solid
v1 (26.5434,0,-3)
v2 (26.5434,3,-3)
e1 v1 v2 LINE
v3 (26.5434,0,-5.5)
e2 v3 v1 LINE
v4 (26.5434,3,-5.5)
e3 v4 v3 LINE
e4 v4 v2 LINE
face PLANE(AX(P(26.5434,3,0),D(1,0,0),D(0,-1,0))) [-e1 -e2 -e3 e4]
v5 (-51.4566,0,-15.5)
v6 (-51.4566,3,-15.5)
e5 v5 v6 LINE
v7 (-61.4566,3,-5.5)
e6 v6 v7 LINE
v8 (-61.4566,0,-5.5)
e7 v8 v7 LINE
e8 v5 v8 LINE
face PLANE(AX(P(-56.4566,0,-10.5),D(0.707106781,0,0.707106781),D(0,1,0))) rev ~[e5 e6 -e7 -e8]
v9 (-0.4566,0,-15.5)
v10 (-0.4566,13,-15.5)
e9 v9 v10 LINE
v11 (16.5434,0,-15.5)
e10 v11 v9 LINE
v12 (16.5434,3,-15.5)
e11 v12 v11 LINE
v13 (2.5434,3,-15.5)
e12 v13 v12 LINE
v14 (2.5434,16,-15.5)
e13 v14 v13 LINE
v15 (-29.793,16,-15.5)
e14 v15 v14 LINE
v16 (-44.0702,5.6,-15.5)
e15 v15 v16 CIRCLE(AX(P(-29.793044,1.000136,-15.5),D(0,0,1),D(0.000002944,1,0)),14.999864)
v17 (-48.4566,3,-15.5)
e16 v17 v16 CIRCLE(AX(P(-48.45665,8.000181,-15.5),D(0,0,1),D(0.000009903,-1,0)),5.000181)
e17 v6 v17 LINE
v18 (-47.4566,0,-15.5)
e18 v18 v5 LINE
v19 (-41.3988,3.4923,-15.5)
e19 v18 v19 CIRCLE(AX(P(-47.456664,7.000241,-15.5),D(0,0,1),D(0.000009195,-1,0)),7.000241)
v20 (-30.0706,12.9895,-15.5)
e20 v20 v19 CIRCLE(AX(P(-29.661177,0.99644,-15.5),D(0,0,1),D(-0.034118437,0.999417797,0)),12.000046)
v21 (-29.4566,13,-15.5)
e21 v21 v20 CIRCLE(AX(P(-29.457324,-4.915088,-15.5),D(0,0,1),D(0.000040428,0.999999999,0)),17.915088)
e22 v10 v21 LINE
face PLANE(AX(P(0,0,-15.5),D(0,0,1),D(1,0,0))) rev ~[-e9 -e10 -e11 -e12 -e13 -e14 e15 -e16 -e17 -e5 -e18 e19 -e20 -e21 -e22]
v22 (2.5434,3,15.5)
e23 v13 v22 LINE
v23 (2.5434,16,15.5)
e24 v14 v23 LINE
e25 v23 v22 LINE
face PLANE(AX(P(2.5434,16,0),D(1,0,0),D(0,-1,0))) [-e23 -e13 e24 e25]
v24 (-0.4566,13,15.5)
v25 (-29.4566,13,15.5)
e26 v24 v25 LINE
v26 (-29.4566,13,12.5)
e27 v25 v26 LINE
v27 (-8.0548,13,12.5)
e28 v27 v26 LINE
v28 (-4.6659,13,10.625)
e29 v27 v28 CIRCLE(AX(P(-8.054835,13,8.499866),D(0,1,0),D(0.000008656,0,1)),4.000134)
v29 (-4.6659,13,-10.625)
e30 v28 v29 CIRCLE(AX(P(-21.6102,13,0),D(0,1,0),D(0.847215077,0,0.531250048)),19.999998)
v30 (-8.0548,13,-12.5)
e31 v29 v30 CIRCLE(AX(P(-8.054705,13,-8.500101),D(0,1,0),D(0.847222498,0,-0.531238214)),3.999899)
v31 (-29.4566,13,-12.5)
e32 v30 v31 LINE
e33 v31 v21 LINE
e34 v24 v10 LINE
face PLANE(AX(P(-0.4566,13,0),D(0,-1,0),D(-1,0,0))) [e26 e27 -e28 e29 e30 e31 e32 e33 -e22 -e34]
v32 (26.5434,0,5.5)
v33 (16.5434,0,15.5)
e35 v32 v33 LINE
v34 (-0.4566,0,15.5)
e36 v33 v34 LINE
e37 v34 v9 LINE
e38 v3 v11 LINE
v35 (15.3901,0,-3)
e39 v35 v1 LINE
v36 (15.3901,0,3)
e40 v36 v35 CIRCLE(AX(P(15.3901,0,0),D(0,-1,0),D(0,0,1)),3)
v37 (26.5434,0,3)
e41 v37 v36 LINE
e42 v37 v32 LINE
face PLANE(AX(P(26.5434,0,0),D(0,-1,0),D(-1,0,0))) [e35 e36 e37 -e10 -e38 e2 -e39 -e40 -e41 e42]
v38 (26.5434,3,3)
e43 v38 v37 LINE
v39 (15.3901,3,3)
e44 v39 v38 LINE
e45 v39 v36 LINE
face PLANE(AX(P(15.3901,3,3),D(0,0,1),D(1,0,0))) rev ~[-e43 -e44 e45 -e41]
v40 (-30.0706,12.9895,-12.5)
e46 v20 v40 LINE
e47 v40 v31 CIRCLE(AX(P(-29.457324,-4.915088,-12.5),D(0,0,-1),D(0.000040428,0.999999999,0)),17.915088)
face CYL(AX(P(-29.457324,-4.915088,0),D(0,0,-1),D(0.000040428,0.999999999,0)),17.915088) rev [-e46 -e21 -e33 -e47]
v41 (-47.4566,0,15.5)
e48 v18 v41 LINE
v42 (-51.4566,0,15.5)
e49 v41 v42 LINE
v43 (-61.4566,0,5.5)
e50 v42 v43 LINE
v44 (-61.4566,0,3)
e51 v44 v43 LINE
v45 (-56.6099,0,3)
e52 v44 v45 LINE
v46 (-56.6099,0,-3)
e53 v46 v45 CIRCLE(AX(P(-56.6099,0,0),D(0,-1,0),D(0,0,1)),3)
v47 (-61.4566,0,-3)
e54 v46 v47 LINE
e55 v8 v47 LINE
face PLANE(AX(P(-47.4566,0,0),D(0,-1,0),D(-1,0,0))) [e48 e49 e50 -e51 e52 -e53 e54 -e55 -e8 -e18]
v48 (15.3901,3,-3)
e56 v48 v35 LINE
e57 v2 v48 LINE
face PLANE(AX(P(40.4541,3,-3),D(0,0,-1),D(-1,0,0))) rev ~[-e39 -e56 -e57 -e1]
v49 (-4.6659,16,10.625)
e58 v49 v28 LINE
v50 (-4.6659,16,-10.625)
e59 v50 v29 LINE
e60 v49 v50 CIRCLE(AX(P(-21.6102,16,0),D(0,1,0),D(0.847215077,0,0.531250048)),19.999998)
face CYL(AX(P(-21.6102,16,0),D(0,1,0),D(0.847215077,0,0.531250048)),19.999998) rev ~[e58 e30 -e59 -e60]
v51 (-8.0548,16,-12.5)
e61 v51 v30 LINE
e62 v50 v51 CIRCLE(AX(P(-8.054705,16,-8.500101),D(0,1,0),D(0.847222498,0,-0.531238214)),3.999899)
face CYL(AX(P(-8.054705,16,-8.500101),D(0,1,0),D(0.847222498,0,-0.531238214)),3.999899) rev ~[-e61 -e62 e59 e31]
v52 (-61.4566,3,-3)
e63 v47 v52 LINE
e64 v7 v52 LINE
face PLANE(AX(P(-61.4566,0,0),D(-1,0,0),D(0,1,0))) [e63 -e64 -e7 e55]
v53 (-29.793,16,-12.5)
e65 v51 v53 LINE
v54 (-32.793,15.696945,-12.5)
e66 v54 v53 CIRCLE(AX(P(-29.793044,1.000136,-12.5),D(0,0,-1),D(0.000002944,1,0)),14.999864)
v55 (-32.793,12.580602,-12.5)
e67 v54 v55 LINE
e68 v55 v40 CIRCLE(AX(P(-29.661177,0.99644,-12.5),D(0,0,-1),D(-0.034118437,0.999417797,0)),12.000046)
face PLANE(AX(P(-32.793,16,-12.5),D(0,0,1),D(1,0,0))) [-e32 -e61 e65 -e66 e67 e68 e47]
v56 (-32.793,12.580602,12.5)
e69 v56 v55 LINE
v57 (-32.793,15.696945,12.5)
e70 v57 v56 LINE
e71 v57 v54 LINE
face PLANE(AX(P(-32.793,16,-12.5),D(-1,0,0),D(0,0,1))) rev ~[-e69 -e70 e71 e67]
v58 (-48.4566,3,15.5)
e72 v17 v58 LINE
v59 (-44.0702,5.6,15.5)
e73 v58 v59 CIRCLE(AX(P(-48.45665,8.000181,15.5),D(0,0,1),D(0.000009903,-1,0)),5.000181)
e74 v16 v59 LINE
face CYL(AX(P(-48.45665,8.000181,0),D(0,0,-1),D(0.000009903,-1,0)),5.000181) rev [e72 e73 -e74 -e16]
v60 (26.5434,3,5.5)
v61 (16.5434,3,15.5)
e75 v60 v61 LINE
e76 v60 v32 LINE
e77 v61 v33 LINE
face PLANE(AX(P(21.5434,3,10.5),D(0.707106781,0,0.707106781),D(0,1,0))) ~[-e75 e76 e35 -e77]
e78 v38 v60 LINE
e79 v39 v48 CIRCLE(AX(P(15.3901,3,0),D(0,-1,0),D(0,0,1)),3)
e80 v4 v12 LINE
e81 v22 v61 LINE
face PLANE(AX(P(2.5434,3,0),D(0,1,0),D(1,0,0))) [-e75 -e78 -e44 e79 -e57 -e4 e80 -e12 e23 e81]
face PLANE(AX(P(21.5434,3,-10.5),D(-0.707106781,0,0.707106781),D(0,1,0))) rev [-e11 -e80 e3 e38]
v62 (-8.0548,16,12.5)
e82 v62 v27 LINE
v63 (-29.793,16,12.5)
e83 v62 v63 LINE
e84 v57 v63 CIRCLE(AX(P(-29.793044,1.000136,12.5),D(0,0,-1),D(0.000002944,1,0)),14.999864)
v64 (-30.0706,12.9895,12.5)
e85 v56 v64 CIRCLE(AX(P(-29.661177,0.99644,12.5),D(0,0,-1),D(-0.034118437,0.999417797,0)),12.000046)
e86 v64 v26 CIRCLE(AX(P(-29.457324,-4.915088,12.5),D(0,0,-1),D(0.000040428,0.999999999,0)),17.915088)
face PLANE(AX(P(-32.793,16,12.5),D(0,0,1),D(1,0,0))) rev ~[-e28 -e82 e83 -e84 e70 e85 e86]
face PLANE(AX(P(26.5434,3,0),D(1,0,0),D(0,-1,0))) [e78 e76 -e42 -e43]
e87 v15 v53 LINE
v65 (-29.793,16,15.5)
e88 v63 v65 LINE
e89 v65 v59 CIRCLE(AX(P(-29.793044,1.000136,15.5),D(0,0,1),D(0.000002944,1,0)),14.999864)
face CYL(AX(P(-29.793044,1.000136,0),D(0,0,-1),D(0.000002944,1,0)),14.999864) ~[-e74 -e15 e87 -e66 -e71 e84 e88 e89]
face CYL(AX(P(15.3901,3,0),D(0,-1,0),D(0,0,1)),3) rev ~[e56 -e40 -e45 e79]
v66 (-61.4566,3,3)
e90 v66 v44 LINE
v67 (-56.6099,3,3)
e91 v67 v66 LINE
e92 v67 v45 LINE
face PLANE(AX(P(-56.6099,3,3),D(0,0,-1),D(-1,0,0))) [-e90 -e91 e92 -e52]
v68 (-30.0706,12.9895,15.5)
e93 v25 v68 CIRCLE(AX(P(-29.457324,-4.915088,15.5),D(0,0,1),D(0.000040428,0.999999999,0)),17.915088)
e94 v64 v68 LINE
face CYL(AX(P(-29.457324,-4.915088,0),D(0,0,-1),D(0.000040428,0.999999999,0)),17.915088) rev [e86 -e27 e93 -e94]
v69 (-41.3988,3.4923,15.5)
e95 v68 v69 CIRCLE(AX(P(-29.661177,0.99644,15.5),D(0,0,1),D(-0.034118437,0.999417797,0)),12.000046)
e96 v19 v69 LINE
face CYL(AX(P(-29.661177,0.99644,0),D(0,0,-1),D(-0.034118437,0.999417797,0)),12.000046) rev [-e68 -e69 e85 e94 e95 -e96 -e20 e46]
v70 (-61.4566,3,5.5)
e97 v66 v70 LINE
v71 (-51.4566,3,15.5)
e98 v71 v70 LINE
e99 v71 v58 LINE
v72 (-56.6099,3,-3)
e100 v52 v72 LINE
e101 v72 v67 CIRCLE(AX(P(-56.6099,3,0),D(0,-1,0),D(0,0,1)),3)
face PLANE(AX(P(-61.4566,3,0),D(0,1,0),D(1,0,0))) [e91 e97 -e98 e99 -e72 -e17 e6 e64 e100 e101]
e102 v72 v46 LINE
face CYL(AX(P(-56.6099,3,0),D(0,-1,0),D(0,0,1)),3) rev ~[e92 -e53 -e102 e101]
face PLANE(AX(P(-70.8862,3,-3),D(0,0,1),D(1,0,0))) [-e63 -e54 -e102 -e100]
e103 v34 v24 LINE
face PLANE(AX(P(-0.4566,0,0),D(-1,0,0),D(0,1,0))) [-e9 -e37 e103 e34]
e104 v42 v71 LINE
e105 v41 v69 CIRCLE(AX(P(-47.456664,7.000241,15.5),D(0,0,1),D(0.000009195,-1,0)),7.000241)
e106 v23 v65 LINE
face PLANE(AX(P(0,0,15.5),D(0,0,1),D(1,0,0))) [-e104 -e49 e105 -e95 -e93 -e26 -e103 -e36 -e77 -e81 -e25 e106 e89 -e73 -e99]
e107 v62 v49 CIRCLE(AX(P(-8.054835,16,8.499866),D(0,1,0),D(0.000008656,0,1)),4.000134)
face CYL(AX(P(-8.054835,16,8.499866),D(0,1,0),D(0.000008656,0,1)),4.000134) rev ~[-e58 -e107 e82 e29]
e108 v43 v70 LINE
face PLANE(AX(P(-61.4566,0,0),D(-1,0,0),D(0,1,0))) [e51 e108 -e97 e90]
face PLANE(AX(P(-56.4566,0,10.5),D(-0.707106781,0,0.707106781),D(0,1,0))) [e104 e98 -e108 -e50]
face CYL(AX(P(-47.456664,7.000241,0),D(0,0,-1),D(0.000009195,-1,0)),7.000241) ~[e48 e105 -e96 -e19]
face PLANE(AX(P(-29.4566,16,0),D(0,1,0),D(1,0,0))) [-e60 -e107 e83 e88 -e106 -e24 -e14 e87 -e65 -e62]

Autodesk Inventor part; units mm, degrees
ref_plane "YZ Plane" through (0, 0, 0) normal (1, 0, 0) x (0, 1, 0)
ref_plane "XZ Plane" through (0, 0, 0) normal (0, 1, 0) x (-1, 0, 0)
ref_plane "XY Plane" through (0, 0, 0) normal (0, 0, 1) x (1, 0, 0)
sketch "Sketch8" plane through (0, 0, 0) normal (0, 0, 1) x (1, 0, 0)
  line L0 (26.5434, 0) -> (-0.4566, 0)
  line L1 (-0.4566, 0) -> (-0.4566, 13)
  line L2 (-47.4566, 0) -> (-61.4566, 0)
  line L3 (-61.4566, 3) -> (-48.4566, 3)
  line L4 (-29.793, 16) -> (2.5434, 16)
  line L5 (2.5434, 16) -> (2.5434, 3)
  line L6 (2.5434, 3) -> (26.5434, 3)
  line L7 (-61.4566, 0) -> (-61.4566, 3)
  line L8 (26.5434, 3) -> (26.5434, 0)
  line L9 (-29.4566, 30.4084) -> (-29.4566, -16.4271)
  arc A0 (-29.4566, 13) -> (-30.0706, 12.9895) centre (-29.4566, -5) ccw
  arc A1 (-30.0706, 12.9895) -> (-41.3988, 3.4923) centre (-29.6612, 0.9965) ccw
  arc A2 (-48.4566, 3) -> (-44.0702, 5.6) centre (-48.4566, 8) ccw
  line L10 (-0.4566, 13) -> (-29.4566, 13)
  arc A3 (-47.4566, 0) -> (-41.3988, 3.4923) centre (-47.4566, 7) ccw
  arc A4 (-29.793, 16) -> (-44.0702, 5.6) centre (-29.793, 1) ccw
  point P0 (0, 0)
  point P1 (-36.7292, 11.4654)
  point P2 (-29.4566, -11.7979)
  dimension "d92" = 88
  dimension "d93" = 27
  dimension "d95" = 16
  dimension "d100" = 3
  dimension "d101" = 3
  dimension "d104" = 14
  dimension "d105" = 13
  dimension "d106" = 32
  dimension "d109" = 5
  dimension "d111" = 12
  dimension "d112" = 7
  dimension "d113" = 3
  dimension "d114" = 15
extrude "Extrusion8" add sketch "Sketch8" along normal mid plane 31
sketch "Sketch9" plane through (-29.793, 16, 15.5) normal (0, 1, 0) x (1, 0, 0)
  line L0 (0, 0) -> (0, 31) projected
  line L1 (32.3364, 0) -> (0, 0) projected
  line L2 (0, 31) -> (32.3364, 31) projected
  arc A0 (8.6831, 6.377) -> (8.6831, 24.0275) centre (7.7775, 15.2022) ccw construction
  line L3 (-3, 28) -> (-3, 3)
  line L4 (-3, 28) -> (21.7382, 28)
  line L5 (-3, 3) -> (21.7382, 3)
  arc A1 (25.1271, 4.875) -> (25.1271, 26.125) centre (8.1828, 15.5) ccw
  arc A2 (25.1271, 26.125) -> (21.7382, 28) centre (21.7382, 24) ccw
  arc A3 (21.7382, 3) -> (25.1271, 4.875) centre (21.7382, 7) ccw
  point P0 (29.793, 15.5)
  point P1 (23.7953, 28)
  point P2 (23.7953, 3)
  dimension "d115" = 3
  dimension "d116" = 3
  dimension "d117" = 3
  dimension "d118" = 20
  dimension "d119" = 4
extrude "Extrusion9" cut sketch "Sketch9" against normal blind 4
sketch "Sketch10" plane through (2.5434, 3, 15.5) normal (0, 1, 0) x (1, 0, 0)
  line L0 (24, 0) -> (24, 31) projected
  line L1 (0, 31) -> (24, 31) projected
  circle A0 centre (12.8467, 12.1299) radius 2.4585 projected
  circle A1 centre (-59.1533, 12.1299) radius 2.4585 projected
  line L2 (24, 15.5) -> (-63.997, 15.5) construction
  line L3 (12.8467, 12.1299) -> (12.8467, 22.8922)
  line L4 (-59.1533, 12.1299) -> (-59.1533, 22.8922)
  point P0 (-2.5434, 15.5)
  point P1 (-59.1533, 15.5)
  point P2 (12.8467, 15.5)
hole "Hole1" at (-56.6099, 3, 0) at (15.3901, 3, 0) direction (0, -1, 0) diameter 6 depth 5 tip angle 118
sketch "Sketch11" plane through (2.5434, 3, 15.5) normal (0, 1, 0) x (1, 0, 0)
  circle A0 centre (12.8467, 15.5) radius 3 projected
  line L0 (24, 0) -> (0, 0) projected
  line L1 (12.8467, 15.5) -> (37.9107, 15.5) construction
  line L2 (12.8467, 12.5) -> (37.9107, 12.5)
  line L3 (37.9107, 18.5) -> (12.8467, 18.5)
  arc A1 (12.8467, 18.5) -> (12.8467, 12.5) centre (12.8467, 15.5) ccw
  arc A2 (37.9107, 12.5) -> (37.9107, 18.5) centre (37.9107, 15.5) ccw
  circle A3 centre (-59.1533, 15.5) radius 3 projected
  line L4 (-59.1533, 15.5) -> (-73.4296, 15.5) construction
  line L5 (-59.1533, 12.5) -> (-73.4296, 12.5)
  line L6 (-73.4296, 18.5) -> (-59.1533, 18.5)
  arc A4 (-59.1533, 12.5) -> (-59.1533, 18.5) centre (-59.1533, 15.5) ccw
  arc A5 (-73.4296, 18.5) -> (-73.4296, 12.5) centre (-73.4296, 15.5) ccw
  point P0 (-2.5434, 15.5)
  point P1 (25.3787, 15.5)
  point P2 (-66.2914, 15.5)
extrude "Extrusion10" cut sketch "Sketch11" against normal blind 4 contours A0 L3 A2 L2 | A3 | A3 L5 A5 L6
chamfer "Chamfer1" distance 10 angle 45 4 edges at (26.5434, 1.5, 15.5) (-61.4566, 1.5, 15.5) (-61.4566, 1.5, -15.5) (26.5434, 1.5, -15.5)
equation "\"d2\" = 0.5 * d1"
equation "\"d3\" = 0.5 * d0"
equation "\"d1\" = 33"
equation "\"d0\" = 94.155"
properties part number "SUPPORT PLSTE" material "Stainless Steel, 440C"
